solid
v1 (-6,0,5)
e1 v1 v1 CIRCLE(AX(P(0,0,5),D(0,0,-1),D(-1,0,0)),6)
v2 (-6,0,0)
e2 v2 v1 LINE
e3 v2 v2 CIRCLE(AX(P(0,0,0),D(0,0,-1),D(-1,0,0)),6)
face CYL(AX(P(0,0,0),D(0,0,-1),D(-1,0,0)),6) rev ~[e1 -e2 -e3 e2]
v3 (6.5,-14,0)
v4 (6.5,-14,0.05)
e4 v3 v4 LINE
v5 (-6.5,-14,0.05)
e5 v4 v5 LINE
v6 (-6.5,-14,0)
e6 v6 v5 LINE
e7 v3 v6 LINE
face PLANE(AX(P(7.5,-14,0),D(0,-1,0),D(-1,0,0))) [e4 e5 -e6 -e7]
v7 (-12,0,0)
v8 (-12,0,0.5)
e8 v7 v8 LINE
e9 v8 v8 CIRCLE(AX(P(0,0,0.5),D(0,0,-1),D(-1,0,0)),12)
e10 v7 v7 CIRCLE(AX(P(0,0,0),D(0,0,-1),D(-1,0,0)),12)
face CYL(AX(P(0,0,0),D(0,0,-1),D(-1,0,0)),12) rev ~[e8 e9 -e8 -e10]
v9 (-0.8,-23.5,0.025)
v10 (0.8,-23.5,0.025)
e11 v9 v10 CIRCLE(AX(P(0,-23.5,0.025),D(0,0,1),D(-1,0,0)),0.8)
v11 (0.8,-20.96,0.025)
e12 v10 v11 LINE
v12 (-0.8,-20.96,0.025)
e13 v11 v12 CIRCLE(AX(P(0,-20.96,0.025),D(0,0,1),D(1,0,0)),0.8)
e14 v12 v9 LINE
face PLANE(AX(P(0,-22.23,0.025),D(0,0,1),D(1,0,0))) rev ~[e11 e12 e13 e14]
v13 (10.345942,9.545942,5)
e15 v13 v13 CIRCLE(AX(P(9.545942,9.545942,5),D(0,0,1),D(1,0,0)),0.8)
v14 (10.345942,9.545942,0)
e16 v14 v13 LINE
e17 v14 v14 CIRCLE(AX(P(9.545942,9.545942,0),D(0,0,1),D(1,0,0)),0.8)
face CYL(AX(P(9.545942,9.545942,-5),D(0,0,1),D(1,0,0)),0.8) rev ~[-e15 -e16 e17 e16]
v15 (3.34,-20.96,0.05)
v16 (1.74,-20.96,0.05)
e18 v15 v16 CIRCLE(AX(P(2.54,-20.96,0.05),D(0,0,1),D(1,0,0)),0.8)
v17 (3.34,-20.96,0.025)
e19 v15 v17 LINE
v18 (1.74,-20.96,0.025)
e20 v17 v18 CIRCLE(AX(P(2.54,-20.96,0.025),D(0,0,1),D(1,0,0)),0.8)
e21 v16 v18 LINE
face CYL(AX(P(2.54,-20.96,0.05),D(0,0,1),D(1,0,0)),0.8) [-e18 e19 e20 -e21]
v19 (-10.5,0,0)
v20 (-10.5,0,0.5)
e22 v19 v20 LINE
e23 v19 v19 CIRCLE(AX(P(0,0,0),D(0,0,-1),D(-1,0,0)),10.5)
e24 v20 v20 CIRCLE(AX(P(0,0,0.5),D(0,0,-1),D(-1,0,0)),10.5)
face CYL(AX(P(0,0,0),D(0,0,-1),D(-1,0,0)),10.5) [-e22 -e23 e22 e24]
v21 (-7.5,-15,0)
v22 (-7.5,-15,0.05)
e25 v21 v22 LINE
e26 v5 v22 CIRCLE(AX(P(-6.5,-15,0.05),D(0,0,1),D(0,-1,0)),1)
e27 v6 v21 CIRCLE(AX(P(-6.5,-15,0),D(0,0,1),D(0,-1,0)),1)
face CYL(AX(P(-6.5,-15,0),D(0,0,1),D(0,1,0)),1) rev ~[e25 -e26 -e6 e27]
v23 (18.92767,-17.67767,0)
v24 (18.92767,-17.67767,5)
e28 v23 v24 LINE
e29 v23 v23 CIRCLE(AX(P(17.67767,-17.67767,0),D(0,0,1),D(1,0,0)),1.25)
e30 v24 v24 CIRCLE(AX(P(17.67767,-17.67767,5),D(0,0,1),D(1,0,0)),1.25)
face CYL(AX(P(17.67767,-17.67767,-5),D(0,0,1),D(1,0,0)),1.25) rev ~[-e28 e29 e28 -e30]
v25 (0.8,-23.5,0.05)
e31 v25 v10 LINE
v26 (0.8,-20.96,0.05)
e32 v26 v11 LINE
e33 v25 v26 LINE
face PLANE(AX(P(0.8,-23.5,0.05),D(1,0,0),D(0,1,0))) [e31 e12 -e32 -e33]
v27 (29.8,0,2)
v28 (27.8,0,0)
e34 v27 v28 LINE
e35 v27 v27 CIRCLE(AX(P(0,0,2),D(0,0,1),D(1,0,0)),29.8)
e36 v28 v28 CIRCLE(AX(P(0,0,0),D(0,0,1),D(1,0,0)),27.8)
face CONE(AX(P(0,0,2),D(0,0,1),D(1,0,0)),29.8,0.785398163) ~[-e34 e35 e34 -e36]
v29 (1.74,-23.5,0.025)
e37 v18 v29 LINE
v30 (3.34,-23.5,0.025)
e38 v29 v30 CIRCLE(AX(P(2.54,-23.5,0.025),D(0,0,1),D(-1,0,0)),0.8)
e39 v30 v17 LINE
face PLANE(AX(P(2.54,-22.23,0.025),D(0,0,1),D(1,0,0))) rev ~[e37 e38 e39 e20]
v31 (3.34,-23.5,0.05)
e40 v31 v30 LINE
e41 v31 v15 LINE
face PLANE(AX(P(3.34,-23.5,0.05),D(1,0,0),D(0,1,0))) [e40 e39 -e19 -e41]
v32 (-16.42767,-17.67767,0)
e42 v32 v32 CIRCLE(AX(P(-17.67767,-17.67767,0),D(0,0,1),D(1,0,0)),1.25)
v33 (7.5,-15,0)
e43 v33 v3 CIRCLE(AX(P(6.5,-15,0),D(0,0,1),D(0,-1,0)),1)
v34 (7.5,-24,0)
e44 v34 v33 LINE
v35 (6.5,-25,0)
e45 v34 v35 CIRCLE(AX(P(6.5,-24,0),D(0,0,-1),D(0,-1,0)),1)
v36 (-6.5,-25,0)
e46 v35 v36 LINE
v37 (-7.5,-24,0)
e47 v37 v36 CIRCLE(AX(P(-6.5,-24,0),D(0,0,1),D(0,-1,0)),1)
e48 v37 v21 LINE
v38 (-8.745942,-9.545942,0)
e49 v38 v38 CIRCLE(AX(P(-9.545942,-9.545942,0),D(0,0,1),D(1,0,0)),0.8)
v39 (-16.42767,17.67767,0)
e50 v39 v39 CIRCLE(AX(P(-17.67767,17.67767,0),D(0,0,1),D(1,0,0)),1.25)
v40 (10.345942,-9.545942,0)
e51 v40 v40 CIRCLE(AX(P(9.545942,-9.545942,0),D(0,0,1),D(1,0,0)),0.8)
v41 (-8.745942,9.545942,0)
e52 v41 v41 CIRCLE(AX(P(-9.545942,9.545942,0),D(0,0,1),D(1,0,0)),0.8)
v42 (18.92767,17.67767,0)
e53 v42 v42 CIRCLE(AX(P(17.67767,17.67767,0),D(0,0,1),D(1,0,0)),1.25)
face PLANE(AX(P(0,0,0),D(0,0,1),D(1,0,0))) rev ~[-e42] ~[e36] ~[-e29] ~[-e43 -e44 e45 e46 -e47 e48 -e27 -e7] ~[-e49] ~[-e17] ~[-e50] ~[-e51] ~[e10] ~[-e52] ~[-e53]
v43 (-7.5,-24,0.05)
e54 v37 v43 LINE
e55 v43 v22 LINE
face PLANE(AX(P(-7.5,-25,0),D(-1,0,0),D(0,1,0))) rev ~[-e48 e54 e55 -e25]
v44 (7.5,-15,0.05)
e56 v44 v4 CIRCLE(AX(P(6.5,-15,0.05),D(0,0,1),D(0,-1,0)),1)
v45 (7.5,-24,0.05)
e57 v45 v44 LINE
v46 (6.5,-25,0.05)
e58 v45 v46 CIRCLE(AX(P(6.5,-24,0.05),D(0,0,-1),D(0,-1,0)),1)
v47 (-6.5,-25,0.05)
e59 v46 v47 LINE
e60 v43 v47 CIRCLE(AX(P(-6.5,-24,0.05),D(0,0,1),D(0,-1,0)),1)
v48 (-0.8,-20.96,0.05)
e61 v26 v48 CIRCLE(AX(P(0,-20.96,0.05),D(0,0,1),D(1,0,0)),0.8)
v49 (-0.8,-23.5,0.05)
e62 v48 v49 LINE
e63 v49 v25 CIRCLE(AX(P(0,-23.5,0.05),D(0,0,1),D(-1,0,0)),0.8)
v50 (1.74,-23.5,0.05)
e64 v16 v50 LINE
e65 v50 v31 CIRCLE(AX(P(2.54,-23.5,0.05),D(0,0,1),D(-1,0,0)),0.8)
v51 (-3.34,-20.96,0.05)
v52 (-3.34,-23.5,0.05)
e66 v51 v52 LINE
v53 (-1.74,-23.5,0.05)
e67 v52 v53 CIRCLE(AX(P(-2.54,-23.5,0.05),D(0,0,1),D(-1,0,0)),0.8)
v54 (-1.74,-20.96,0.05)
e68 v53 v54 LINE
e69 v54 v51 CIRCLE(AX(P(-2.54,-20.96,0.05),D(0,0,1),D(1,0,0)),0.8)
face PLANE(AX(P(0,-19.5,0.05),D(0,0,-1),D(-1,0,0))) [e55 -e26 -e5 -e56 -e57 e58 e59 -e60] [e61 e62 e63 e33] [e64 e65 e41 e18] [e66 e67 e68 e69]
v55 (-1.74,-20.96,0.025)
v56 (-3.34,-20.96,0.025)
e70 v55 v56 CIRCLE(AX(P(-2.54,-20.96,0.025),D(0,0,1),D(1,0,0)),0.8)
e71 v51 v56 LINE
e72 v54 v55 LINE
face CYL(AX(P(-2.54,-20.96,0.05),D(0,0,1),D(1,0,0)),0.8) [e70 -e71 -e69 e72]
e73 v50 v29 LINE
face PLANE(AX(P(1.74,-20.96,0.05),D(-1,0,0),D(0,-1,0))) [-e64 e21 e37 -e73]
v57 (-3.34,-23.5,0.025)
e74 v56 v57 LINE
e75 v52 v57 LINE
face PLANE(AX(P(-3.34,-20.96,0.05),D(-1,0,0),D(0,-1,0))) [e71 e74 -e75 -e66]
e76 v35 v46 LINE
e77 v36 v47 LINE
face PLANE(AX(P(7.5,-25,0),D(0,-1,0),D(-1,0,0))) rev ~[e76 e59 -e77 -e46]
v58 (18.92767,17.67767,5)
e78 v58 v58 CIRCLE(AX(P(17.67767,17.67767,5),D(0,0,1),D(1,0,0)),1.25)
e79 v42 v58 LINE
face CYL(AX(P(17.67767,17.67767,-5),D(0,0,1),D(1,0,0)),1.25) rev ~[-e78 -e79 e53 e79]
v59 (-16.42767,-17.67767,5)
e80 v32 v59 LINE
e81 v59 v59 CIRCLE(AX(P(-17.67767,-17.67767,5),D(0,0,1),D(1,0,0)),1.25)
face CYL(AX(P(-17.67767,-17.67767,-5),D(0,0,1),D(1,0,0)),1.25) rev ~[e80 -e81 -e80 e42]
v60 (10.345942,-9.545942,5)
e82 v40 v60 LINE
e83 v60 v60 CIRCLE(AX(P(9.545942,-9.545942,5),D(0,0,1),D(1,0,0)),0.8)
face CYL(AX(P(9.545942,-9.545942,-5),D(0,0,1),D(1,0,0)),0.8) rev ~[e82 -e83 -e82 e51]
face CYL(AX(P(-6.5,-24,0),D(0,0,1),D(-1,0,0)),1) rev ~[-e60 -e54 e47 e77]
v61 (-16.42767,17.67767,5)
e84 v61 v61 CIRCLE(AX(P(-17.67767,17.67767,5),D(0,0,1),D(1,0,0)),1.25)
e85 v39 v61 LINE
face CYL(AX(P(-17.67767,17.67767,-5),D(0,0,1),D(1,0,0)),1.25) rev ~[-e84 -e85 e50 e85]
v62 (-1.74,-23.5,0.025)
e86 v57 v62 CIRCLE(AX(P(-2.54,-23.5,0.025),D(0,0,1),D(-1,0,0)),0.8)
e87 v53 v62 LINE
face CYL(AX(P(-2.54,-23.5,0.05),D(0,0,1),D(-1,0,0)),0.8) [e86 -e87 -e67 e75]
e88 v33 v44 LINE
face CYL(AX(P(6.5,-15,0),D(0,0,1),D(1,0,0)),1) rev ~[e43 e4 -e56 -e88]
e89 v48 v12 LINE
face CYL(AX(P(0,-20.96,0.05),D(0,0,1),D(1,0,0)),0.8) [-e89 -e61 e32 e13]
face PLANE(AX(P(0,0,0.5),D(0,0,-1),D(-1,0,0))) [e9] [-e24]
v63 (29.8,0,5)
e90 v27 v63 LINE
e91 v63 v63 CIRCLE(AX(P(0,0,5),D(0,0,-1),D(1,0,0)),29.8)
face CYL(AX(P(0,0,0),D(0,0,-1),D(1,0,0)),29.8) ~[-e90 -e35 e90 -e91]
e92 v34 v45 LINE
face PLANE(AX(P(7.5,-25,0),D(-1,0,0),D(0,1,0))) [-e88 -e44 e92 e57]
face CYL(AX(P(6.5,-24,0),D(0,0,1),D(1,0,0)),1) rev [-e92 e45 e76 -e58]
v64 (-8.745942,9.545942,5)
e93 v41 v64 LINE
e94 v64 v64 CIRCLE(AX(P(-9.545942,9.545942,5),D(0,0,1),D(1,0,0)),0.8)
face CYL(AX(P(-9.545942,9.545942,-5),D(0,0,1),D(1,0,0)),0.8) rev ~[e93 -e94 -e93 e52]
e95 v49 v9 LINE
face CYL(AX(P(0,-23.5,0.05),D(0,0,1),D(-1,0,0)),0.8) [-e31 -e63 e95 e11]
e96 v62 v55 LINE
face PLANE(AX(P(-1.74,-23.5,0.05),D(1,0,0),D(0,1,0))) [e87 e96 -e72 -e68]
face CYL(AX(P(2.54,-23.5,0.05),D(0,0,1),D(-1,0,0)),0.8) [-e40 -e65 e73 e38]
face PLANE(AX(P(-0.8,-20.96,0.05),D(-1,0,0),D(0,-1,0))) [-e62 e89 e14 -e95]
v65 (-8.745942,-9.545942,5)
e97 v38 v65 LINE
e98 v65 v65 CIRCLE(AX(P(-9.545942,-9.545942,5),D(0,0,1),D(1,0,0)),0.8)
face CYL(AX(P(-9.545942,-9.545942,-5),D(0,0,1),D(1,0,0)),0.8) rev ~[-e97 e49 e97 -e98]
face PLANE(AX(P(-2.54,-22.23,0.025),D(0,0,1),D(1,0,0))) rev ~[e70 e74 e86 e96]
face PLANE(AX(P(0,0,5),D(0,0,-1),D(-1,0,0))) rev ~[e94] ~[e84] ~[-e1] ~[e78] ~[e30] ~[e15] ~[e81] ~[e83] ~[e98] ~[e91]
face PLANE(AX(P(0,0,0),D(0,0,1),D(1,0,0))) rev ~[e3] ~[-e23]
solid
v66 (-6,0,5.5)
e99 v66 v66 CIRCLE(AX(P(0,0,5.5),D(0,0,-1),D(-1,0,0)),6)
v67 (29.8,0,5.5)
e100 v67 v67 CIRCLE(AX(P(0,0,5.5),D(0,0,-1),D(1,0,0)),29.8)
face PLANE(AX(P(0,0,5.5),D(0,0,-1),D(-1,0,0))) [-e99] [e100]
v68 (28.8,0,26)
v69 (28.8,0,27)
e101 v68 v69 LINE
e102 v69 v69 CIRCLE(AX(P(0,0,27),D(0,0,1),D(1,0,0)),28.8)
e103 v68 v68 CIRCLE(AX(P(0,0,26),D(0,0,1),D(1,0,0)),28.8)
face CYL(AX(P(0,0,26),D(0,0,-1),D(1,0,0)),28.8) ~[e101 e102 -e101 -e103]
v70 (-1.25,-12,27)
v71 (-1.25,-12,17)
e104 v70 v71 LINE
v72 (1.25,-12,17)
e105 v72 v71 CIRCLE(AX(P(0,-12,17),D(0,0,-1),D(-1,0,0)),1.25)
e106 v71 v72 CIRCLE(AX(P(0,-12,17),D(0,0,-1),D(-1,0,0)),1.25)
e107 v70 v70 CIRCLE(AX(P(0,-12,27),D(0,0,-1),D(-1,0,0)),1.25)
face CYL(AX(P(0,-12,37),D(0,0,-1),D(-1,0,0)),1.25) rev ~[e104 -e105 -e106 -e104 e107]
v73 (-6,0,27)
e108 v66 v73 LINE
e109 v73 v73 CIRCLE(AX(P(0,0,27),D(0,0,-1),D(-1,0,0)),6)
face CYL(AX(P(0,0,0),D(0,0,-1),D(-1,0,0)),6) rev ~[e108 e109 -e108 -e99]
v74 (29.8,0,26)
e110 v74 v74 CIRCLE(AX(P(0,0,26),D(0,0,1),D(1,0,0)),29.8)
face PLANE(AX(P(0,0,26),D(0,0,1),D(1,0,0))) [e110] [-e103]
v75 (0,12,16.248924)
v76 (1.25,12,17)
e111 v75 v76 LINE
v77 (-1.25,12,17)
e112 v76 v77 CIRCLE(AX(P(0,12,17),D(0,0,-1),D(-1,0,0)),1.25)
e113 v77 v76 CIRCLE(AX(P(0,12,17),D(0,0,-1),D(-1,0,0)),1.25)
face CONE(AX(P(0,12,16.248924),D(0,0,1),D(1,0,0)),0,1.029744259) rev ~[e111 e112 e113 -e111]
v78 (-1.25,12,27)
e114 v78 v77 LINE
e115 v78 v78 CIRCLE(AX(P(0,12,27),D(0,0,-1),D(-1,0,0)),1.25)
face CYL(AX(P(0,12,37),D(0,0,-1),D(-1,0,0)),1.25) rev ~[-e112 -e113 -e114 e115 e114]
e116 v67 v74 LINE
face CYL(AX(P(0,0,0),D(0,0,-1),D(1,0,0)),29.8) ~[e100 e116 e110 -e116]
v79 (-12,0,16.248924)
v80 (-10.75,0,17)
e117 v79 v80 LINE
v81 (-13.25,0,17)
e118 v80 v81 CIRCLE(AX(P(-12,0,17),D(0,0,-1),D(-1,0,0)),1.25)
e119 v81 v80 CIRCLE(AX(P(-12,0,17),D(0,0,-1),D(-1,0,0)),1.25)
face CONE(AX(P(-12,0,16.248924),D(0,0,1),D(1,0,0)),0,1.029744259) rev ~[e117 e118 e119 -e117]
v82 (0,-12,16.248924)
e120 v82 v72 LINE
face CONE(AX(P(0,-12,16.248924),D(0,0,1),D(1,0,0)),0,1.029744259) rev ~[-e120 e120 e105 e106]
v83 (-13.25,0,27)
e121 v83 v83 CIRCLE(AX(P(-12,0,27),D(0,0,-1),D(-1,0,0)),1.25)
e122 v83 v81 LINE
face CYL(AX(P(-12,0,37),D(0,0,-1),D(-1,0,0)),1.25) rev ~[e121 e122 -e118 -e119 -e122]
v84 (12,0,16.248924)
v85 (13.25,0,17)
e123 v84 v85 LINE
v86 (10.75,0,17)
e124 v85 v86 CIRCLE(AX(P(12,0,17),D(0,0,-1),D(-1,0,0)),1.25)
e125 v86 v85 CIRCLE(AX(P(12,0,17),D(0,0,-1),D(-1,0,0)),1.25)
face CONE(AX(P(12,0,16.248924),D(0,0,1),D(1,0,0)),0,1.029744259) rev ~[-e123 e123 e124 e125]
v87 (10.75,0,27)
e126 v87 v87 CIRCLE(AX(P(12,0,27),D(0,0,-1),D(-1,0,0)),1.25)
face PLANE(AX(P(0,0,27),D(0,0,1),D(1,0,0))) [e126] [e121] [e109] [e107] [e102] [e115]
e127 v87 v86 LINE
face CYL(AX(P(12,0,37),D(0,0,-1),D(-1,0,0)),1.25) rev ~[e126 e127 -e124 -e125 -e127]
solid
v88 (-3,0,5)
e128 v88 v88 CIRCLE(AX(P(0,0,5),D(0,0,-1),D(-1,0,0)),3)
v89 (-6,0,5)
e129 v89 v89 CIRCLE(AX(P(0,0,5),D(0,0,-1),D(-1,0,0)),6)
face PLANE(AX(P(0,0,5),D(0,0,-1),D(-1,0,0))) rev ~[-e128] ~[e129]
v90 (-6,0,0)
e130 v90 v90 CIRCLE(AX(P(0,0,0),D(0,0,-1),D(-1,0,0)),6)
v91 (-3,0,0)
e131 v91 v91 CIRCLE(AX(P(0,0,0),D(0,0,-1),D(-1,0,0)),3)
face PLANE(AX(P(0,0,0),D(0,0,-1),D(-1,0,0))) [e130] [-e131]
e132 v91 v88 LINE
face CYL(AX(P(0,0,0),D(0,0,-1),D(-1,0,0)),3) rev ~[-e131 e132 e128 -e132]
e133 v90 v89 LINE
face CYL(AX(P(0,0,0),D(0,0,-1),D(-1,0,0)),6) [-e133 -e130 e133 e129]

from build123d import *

# Parameters (mm, degrees)
SKETCH_1_R             = 29.8
EXTRUDE_1_DEPTH        = 27
CHAMFER_2_SIZE         = 2
CUT_EXTRUDE_START      = -1
SKETCH_2_R             = 29.8
SKETCH_2_R_2           = 28.8
CUT_EXTRUDE_1_DEPTH    = 1
SKETCH_5_R             = 29.8
SKETCH_5_R_2           = 4.3
CUT_EXTRUDE_2_DEPTH    = 0.5
HOLE_WIZARD_M3_1_D     = 2.5
HOLE_WIZARD_M3_1_DEPTH = 10
HOLE_WIZARD_M3_1_TIP   = 0.751075774
HOLE_WIZARD_M3_2_D     = 2.5
HOLE_WIZARD_M3_2_DEPTH = 5
HOLE_WIZARD_M2_1_D     = 1.6
HOLE_WIZARD_M2_1_DEPTH = 5
SKETCH_15_W            = 15
SKETCH_15_H            = 11
CUT_EXTRUDE_3_DEPTH    = 0.05
FILLET_1_R             = 1
EXTRUDE_4_DEPTH        = 0.025
SKETCH_17_R            = 12
SKETCH_17_R_2          = 10.5
CUT_EXTRUDE_4_DEPTH    = 0.5
SKETCH_18_R            = 6
CUT_EXTRUDE_6_DEPTH    = 51.05077422
SKETCH_19_R            = 6
SKETCH_19_R_2          = 3
EXTRUDE_5_DEPTH        = 5


with BuildPart() as part:
    # 草图1 → 凸台-拉伸1 (new body)
    with BuildSketch(Plane.XY):
        Circle(SKETCH_1_R)
    extrude(amount=EXTRUDE_1_DEPTH)

    # 倒角2
    chamfer_2_edges = [part.edges().sort_by_distance(p)[0] for p in [
        (-29.8, 0, 0),
    ]]
    chamfer(chamfer_2_edges, length=CHAMFER_2_SIZE)

    # 草图2 → 切除-拉伸1 (cut)
    with BuildSketch(Plane.XY.offset(27).offset(CUT_EXTRUDE_START)):
        Circle(SKETCH_2_R)
        Circle(SKETCH_2_R_2, mode=Mode.SUBTRACT)
    extrude(amount=CUT_EXTRUDE_1_DEPTH, mode=Mode.SUBTRACT)

    # 草图5 → 切除-拉伸2 (cut)
    with BuildSketch(Plane(origin=(0, 0, 5), x_dir=(-1, 0, 0), z_dir=(0, 0, -1))):
        Circle(SKETCH_5_R)
        Circle(SKETCH_5_R_2, mode=Mode.SUBTRACT)
    extrude(amount=-CUT_EXTRUDE_2_DEPTH, mode=Mode.SUBTRACT)

    # M3 螺纹孔的螺纹孔钻头1
    with Locations(Plane.XY.offset(27)):
        with Locations((-12, 0), (12, 0), (0, 12), (0, -12)):
            Hole(HOLE_WIZARD_M3_1_D / 2, depth=HOLE_WIZARD_M3_1_DEPTH)
            with Locations((0, 0, -(HOLE_WIZARD_M3_1_DEPTH + HOLE_WIZARD_M3_1_TIP / 2))):  # 118° drill point
                Cone(0, HOLE_WIZARD_M3_1_D / 2, HOLE_WIZARD_M3_1_TIP, mode=Mode.SUBTRACT)

    # M3 螺纹孔的螺纹孔钻头2
    with Locations(Plane(origin=(0, 0, 0), x_dir=(-1, 0, 0), z_dir=(0, 0, -1))):
        with Locations((17.67766953, 17.67766953), (-17.67766953, 17.67766953), (-17.67766953, -17.67766953), (17.67766953, -17.67766953)):
            Hole(HOLE_WIZARD_M3_2_D / 2, depth=HOLE_WIZARD_M3_2_DEPTH)

    # M2 螺纹孔的螺纹孔钻头1
    with Locations(Plane(origin=(0, 0, 0), x_dir=(-1, 0, 0), z_dir=(0, 0, -1))):
        with Locations((-9.545941546, 9.545941546), (9.545941546, 9.545941546), (9.545941546, -9.545941546), (-9.545941546, -9.545941546)):
            Hole(HOLE_WIZARD_M2_1_D / 2, depth=HOLE_WIZARD_M2_1_DEPTH)

    # 草图15 → 切除-拉伸3 (cut)
    with BuildSketch(Plane(origin=(0, 0, 0), x_dir=(-1, 0, 0), z_dir=(0, 0, -1))):
        with Locations((0, -19.5)):
            Rectangle(SKETCH_15_W, SKETCH_15_H)
    extrude(amount=-CUT_EXTRUDE_3_DEPTH, mode=Mode.SUBTRACT)

    # 圆角1
    fillet_1_edges = [part.edges().sort_by_distance(p)[0] for p in [
        (7.5, -25, 0.025),
        (7.5, -14, 0.025),
        (-7.5, -14, 0.025),
        (-7.5, -25, 0.025),
    ]]
    fillet(fillet_1_edges, radius=FILLET_1_R)

    # 草图16 → 凸台-拉伸4 (add)
    with BuildSketch(Plane(origin=(0, 0, 0.05), x_dir=(-1, 0, 0), z_dir=(0, 0, -1))):
        with BuildLine():
            Line((1.74, -23.5), (1.74, -20.96))
            ThreePointArc((1.74, -20.96), (2.54, -20.16), (3.34, -20.96))
            Line((3.34, -20.96), (3.34, -23.5))
            ThreePointArc((3.34, -23.5), (2.54, -24.3), (1.74, -23.5))
        make_face()
        with BuildLine():
            Line((0.8, -20.96), (0.8, -23.5))
            ThreePointArc((0.8, -23.5), (0, -24.3), (-0.8, -23.5))
            Line((-0.8, -23.5), (-0.8, -20.96))
            ThreePointArc((-0.8, -20.96), (0, -20.16), (0.8, -20.96))
        make_face()
        with BuildLine():
            Line((-1.74, -20.96), (-1.74, -23.5))
            ThreePointArc((-1.74, -23.5), (-2.54, -24.3), (-3.34, -23.5))
            Line((-3.34, -23.5), (-3.34, -20.96))
            ThreePointArc((-3.34, -20.96), (-2.54, -20.16), (-1.74, -20.96))
        make_face()
    extrude(amount=EXTRUDE_4_DEPTH)

    # 草图17 → 切除-拉伸4 (cut)
    with BuildSketch(Plane(origin=(0, 0, 0), x_dir=(-1, 0, 0), z_dir=(0, 0, -1))):
        Circle(SKETCH_17_R)
        Circle(SKETCH_17_R_2, mode=Mode.SUBTRACT)
    extrude(amount=-CUT_EXTRUDE_4_DEPTH, mode=Mode.SUBTRACT)

    # 草图18 → 切除-拉伸6 (cut, through all)
    with BuildSketch(Plane(origin=(0, 0, 0), x_dir=(-1, 0, 0), z_dir=(0, 0, -1))):
        Circle(SKETCH_18_R)
    extrude(amount=-CUT_EXTRUDE_6_DEPTH, mode=Mode.SUBTRACT)


with BuildPart() as cut_extrude_6_piece_1:
    # of the separate pieces the step leaves, piece 1, a body of its own (cut_extrude_6_pieces)
    add(part.part.solids().sort_by_distance((29.8, 0, 5.5))[0])


with BuildPart() as cut_extrude_6_piece_2:
    # of the separate pieces the step leaves, piece 2, a body of its own (cut_extrude_6_pieces)
    add(part.part.solids().sort_by_distance((27.8, 0, 0))[0])


with BuildPart() as body_3:
    # 草图19 → 凸台-拉伸5 (new body)
    with BuildSketch(Plane(origin=(0, 0, 0), x_dir=(-1, 0, 0), z_dir=(0, 0, -1))):
        Circle(SKETCH_19_R)
        Circle(SKETCH_19_R_2, mode=Mode.SUBTRACT)
    extrude(amount=-EXTRUDE_5_DEPTH)


solid = Compound([cut_extrude_6_piece_1.part, cut_extrude_6_piece_2.part, body_3.part])
